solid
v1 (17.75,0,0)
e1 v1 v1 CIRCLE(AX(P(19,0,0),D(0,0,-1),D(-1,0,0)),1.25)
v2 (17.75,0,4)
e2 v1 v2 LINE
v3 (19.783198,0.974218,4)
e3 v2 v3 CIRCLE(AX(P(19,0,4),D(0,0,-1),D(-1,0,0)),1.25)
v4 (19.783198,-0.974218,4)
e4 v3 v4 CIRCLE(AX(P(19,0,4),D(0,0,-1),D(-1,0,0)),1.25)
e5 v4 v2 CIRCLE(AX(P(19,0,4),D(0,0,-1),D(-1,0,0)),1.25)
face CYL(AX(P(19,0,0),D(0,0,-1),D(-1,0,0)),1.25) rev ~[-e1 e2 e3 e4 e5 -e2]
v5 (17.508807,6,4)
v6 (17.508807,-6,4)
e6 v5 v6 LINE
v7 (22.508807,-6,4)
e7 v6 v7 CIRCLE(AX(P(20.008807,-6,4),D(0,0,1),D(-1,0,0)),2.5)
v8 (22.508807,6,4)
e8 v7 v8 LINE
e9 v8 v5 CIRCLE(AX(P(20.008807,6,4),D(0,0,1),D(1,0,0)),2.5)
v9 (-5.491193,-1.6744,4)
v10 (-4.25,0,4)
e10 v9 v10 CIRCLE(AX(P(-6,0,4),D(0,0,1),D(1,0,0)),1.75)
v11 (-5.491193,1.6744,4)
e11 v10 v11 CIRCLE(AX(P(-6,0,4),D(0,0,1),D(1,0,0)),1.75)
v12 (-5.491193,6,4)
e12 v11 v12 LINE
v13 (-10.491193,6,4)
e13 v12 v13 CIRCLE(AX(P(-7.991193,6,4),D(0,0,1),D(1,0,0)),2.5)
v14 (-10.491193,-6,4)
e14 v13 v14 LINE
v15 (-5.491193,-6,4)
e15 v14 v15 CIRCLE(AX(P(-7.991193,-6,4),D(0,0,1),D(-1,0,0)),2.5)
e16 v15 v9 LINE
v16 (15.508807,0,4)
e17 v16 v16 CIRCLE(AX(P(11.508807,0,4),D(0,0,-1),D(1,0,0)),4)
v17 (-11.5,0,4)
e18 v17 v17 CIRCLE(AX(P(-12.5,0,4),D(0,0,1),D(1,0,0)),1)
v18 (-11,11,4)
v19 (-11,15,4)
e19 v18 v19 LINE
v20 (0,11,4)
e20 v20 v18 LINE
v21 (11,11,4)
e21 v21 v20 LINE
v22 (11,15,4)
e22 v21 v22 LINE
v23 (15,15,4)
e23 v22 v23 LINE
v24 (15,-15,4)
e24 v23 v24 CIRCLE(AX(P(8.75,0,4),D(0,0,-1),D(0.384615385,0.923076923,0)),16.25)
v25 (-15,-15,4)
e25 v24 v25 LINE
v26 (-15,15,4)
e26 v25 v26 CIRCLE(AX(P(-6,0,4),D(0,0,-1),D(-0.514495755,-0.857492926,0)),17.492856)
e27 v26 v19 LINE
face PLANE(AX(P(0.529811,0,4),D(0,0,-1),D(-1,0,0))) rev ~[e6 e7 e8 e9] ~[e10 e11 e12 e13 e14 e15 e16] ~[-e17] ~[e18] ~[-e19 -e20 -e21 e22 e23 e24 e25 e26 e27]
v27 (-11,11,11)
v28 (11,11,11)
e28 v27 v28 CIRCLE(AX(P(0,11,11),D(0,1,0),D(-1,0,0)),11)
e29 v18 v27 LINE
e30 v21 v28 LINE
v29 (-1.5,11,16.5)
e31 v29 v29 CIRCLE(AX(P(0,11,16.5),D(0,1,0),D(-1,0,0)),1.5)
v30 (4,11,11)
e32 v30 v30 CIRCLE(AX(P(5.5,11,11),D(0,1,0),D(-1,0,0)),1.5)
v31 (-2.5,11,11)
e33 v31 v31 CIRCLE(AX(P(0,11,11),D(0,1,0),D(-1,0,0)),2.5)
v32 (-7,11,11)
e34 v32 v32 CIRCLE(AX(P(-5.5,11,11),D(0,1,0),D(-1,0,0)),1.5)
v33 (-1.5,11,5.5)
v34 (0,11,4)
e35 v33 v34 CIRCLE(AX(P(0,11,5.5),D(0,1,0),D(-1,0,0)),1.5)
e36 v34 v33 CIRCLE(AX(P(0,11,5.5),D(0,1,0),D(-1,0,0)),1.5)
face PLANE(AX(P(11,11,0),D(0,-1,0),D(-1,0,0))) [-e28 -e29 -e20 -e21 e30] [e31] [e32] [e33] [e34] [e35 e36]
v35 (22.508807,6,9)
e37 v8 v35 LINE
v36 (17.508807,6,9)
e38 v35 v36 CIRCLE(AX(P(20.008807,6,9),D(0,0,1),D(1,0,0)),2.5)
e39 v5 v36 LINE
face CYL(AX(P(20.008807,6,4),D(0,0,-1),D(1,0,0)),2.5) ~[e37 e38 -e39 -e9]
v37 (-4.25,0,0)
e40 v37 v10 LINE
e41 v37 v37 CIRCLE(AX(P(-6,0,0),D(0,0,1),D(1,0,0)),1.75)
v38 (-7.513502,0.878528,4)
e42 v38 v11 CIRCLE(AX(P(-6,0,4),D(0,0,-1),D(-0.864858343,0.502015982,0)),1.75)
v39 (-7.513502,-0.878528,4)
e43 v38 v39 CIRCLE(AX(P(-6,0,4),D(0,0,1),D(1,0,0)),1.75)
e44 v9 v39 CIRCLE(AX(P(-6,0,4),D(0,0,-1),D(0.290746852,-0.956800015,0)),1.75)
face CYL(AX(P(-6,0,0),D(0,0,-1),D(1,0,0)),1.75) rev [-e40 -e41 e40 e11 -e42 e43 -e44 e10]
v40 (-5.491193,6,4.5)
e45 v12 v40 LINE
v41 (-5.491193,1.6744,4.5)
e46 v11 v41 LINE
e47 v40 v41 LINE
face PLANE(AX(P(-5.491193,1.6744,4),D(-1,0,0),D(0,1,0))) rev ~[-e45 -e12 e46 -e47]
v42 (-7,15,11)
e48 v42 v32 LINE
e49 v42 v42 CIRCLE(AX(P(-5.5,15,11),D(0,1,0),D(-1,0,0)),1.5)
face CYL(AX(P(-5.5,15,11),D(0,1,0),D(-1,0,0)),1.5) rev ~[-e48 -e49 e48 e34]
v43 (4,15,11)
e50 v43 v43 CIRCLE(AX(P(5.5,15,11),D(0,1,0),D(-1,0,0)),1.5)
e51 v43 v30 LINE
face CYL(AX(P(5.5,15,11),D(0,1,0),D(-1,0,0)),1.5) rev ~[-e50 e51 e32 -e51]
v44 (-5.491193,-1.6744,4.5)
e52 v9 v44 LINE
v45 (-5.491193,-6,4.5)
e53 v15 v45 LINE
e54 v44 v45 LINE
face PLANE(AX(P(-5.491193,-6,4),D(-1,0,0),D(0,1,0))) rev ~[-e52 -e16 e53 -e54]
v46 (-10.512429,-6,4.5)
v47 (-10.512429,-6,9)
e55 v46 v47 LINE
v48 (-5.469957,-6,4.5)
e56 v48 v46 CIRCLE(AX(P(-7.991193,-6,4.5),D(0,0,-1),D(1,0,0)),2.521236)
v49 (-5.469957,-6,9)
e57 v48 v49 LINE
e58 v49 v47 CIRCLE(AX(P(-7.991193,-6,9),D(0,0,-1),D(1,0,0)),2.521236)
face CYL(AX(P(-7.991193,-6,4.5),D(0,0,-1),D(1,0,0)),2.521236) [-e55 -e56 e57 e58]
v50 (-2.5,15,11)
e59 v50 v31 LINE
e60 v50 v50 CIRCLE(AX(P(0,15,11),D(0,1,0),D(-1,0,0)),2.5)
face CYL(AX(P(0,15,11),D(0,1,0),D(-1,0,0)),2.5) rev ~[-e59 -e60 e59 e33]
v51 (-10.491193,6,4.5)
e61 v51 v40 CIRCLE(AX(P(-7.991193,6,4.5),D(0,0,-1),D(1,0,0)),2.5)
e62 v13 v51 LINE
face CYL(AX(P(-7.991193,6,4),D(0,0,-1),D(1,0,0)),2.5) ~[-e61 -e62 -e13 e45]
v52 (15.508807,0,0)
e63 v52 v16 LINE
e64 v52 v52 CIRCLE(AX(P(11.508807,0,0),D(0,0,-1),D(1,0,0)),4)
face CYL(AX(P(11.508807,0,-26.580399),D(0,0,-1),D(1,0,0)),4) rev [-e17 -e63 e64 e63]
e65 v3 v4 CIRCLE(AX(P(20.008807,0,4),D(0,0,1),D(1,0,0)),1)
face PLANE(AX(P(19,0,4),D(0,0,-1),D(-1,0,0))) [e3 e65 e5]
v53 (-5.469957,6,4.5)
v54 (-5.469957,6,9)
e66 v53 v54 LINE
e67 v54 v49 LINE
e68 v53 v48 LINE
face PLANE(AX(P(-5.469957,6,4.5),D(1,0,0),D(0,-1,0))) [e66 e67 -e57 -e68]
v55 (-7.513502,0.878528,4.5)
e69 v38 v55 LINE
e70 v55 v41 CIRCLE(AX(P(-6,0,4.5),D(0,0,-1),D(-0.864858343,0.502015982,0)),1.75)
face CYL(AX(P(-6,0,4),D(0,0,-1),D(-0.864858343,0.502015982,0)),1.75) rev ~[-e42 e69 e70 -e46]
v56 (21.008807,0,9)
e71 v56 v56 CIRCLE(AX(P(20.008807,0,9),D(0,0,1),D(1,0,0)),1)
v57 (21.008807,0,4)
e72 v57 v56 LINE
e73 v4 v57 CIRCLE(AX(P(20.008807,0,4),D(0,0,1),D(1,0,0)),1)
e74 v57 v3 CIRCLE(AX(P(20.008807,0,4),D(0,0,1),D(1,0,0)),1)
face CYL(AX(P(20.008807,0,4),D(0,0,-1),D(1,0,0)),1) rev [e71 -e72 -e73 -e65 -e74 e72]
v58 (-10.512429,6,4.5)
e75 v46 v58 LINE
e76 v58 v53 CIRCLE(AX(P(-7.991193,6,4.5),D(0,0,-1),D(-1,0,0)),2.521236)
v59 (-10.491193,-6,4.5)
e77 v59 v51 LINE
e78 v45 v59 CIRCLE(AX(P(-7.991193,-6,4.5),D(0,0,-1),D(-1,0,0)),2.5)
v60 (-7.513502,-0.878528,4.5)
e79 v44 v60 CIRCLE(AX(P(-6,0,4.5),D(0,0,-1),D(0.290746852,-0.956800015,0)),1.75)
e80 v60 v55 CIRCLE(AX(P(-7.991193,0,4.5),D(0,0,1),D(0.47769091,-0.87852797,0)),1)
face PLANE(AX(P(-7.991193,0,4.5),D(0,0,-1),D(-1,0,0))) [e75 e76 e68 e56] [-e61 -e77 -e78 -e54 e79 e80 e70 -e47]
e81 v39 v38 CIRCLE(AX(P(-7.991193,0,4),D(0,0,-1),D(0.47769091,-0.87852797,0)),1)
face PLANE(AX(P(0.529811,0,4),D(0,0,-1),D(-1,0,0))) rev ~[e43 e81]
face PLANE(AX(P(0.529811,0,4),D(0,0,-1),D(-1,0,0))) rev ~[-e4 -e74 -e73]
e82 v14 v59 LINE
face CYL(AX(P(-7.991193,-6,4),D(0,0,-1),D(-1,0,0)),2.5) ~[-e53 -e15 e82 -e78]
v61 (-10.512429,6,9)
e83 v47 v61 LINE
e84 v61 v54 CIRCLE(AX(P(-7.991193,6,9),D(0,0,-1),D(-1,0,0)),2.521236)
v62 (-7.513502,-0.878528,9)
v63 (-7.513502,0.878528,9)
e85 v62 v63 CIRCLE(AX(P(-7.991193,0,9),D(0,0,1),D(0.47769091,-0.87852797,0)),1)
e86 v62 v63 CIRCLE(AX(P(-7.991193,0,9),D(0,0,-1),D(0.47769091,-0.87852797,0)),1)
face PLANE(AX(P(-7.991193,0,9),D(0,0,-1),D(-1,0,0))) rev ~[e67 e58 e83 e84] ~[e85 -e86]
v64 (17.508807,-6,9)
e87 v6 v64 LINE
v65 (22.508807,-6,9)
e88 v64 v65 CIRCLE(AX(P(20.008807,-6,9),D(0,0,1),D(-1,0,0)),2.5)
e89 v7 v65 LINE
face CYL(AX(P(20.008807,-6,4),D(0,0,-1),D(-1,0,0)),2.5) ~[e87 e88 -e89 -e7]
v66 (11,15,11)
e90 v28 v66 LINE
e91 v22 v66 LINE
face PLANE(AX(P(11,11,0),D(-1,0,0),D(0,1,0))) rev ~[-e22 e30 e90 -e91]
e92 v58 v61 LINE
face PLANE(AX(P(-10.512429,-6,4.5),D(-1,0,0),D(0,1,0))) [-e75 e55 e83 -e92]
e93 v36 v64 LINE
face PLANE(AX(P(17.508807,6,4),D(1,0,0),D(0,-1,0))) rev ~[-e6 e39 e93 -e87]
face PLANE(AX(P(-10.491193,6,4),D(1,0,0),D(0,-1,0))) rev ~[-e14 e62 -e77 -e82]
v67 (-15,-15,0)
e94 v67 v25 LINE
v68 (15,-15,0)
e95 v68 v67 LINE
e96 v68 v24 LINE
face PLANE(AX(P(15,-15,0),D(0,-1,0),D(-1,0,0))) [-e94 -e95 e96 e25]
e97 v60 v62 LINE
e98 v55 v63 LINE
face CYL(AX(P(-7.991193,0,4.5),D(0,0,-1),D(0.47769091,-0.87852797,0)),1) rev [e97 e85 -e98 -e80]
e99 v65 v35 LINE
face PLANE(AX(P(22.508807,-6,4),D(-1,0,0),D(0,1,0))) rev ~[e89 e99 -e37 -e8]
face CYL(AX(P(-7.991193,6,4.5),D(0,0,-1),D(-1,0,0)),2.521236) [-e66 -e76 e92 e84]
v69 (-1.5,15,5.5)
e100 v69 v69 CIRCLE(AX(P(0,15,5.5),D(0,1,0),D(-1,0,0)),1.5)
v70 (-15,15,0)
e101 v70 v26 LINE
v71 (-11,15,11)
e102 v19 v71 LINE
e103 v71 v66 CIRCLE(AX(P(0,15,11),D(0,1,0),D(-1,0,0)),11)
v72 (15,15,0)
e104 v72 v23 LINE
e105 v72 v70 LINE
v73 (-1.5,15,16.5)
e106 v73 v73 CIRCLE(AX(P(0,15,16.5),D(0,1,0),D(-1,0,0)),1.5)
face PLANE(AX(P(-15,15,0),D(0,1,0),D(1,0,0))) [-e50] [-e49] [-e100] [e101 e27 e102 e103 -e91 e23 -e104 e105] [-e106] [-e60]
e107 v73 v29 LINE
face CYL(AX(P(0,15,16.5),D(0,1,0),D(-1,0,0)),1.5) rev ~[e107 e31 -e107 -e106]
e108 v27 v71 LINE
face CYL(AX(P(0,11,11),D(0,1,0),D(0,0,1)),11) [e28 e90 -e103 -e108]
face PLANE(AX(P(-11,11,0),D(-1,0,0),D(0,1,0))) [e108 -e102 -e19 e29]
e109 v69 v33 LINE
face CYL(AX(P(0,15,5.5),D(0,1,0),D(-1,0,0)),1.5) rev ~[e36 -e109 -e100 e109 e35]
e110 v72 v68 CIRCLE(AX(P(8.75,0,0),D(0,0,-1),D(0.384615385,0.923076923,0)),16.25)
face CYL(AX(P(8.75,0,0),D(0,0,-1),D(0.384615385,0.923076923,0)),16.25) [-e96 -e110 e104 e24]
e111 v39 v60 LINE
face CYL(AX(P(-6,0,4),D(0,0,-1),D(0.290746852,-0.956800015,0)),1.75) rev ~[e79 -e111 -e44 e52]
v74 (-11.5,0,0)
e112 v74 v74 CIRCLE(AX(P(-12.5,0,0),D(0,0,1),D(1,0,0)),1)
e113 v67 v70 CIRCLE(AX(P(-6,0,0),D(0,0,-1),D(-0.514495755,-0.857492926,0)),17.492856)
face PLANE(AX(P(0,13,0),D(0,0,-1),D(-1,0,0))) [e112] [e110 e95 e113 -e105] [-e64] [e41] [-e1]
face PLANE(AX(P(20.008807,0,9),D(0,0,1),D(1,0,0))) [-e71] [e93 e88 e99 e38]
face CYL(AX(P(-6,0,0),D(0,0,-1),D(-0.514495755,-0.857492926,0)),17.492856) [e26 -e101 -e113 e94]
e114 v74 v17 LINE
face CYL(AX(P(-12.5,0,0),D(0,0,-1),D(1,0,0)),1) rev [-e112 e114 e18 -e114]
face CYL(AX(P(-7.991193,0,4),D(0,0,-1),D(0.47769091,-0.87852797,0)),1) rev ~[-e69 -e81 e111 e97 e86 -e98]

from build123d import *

# Parameters (mm, degrees)
SKETCH1_R               = 1
SKETCH1_R_2             = 1.75
BOSS_EXTRUDE1_DEPTH     = 4
SKETCH2_R               = 1
BOSS_EXTRUDE2_DEPTH     = 5
CUT_EXTRUDE1_DEPTH      = 30.580398915
CUT_EXTRUDE1_DEPTH_BACK = 30.580398915
SKETCH2_3_R             = 4
SKETCH4_W               = 22
SKETCH4_H               = 4
BOSS_EXTRUDE3_DEPTH     = 22
FILLET1_RADIUS          = 11
FILLET1_LENGTH          = 4
SKETCH5_R               = 2.5
SKETCH5_R_2             = 1.5
CUT_EXTRUDE2_DEPTH      = 22
SKETCH8_R               = 1.25
CUT_EXTRUDE4_DEPTH      = 4
BOSS_EXTRUDE4_START     = -4.5
SKETCH11_R              = 1
BOSS_EXTRUDE4_DEPTH     = 4.5


with BuildPart() as part:
    # Sketch1 → Boss-Extrude1 (new body)
    with BuildSketch(Plane.XY):
        with BuildLine():
            Line((-15, 15), (15, 15))
            ThreePointArc((15, 15), (25, 0), (15, -15))
            Line((15, -15), (-15, -15))
            ThreePointArc((-15, -15), (-23.492855685, 0), (-15, 15))
        make_face()
        with Locations((12.5, 0)):
            Circle(SKETCH1_R, mode=Mode.SUBTRACT)
        with Locations((-6, 0)):
            Circle(SKETCH1_R_2, mode=Mode.SUBTRACT)
        with Locations((-12.5, 0)):
            Circle(SKETCH1_R, mode=Mode.SUBTRACT)
    extrude(amount=BOSS_EXTRUDE1_DEPTH)

    # Sketch2 → Boss-Extrude2 (add)
    # profile 1 of 2: a face of its own
    with BuildSketch(Plane.XY.offset(4)):
        with BuildLine():
            Line((22.50880699, -6), (22.50880699, 6))
            ThreePointArc((22.50880699, 6), (20.00880699, 8.5), (17.50880699, 6))
            Line((17.50880699, 6), (17.50880699, -6))
            ThreePointArc((17.50880699, -6), (20.00880699, -8.5), (22.50880699, -6))
        make_face()
        with Locations((20.00880699, 0)):
            Circle(SKETCH2_R, mode=Mode.SUBTRACT)
    # profile 2 of 2: a face of its own
    with BuildSketch(Plane.XY.offset(4)):
        with BuildLine():
            Line((-5.49119301, 1.674400026), (-5.49119301, 6))
            ThreePointArc((-5.49119301, 6), (-7.99119301, 8.5), (-10.49119301, 6))
            Line((-10.49119301, 6), (-10.49119301, -6))
            ThreePointArc((-10.49119301, -6), (-7.99119301, -8.5), (-5.49119301, -6))
            Line((-5.49119301, -6), (-5.49119301, -1.674400026))
            ThreePointArc((-5.49119301, -1.674400026), (-6.640863596, -1.628432944), (-7.5135021, -0.87852797))
            ThreePointArc((-7.5135021, -0.87852797), (-8.99119301, 0), (-7.5135021, 0.87852797))
            ThreePointArc((-7.5135021, 0.87852797), (-6.640863596, 1.628432944), (-5.49119301, 1.674400026))
        make_face()
    extrude(amount=BOSS_EXTRUDE2_DEPTH)

    # Sketch2<3> → Cut-Extrude1 (cut, two sides: drawn at the far end of the back side and taken through both)
    with BuildSketch(Plane.XY.offset(4).offset(-CUT_EXTRUDE1_DEPTH_BACK)):
        with Locations((11.50880699, 0)):
            Circle(SKETCH2_3_R)
    extrude(amount=CUT_EXTRUDE1_DEPTH + CUT_EXTRUDE1_DEPTH_BACK, mode=Mode.SUBTRACT)

    # Sketch4 → Boss-Extrude3 (add)
    with BuildSketch(Plane(origin=(0, 0, 0), x_dir=(-1, 0, 0), z_dir=(0, 0, -1))):
        with Locations((0, 13)):
            Rectangle(SKETCH4_W, SKETCH4_H)
    extrude(amount=-BOSS_EXTRUDE3_DEPTH)

    # Fillet1: full round fillet: the end face becomes a half cylinder, R = half its width
    fillet1_face = Plane((0, 13, 22), x_dir=(0, 1, 0), z_dir=(0, 0, 1))  # on the end face: x along it, z out of the body
    fillet1_slab = fillet1_face.offset(-FILLET1_RADIUS / 2) * Box(FILLET1_LENGTH, 2 * FILLET1_RADIUS, FILLET1_RADIUS, mode=Mode.PRIVATE)  # the body's end, R deep
    fillet1_round = Plane((0, 13, 11), x_dir=(0, 0, 1), z_dir=(0, 1, 0)) * Cylinder(FILLET1_RADIUS, FILLET1_LENGTH, mode=Mode.PRIVATE)  # its axis R under the face
    add(fillet1_slab - fillet1_round, mode=Mode.SUBTRACT)

    # Sketch5 → Cut-Extrude2 (cut)
    with BuildSketch(Plane(origin=(0, 15, 0), x_dir=(1, 0, 0), z_dir=(0, 1, 0))):
        with Locations(Location((0, -11, 0), (0, 0, 180))):
            Circle(SKETCH5_R)
        with Locations(Location((-5.5, -11, 0), (0, 0, 180))):
            Circle(SKETCH5_R_2)
        with Locations(Location((0, -5.5, 0), (0, 0, 180))):
            Circle(SKETCH5_R_2)
        with Locations(Location((5.5, -11, 0), (0, 0, 180))):
            Circle(SKETCH5_R_2)
        with Locations(Location((0, -16.5, 0), (0, 0, 180))):
            Circle(SKETCH5_R_2)
    extrude(amount=-CUT_EXTRUDE2_DEPTH, mode=Mode.SUBTRACT)

    # Sketch8 → Cut-Extrude4 (cut)
    with BuildSketch(Plane(origin=(0, 0, 0), x_dir=(-1, 0, 0), z_dir=(0, 0, -1))):
        with Locations((-19, 0)):
            Circle(SKETCH8_R)
    extrude(amount=-CUT_EXTRUDE4_DEPTH, mode=Mode.SUBTRACT)

    # Sketch11 → Boss-Extrude4 (add)
    with BuildSketch(Plane.XY.offset(9).offset(BOSS_EXTRUDE4_START)):
        with BuildLine():
            Line((-10.512429322, -6), (-10.512429322, 6))
            ThreePointArc((-10.512429322, 6), (-7.99119301, 8.521236312), (-5.469956698, 6))
            Line((-5.469956698, 6), (-5.469956698, -6))
            ThreePointArc((-5.469956698, -6), (-7.99119301, -8.521236312), (-10.512429322, -6))
        make_face()
        with Locations(Location((-7.99119301, 0, 0), (0, 0, 298.53470001))):
            Circle(SKETCH11_R, mode=Mode.SUBTRACT)
    extrude(amount=BOSS_EXTRUDE4_DEPTH)


solid = part.part
